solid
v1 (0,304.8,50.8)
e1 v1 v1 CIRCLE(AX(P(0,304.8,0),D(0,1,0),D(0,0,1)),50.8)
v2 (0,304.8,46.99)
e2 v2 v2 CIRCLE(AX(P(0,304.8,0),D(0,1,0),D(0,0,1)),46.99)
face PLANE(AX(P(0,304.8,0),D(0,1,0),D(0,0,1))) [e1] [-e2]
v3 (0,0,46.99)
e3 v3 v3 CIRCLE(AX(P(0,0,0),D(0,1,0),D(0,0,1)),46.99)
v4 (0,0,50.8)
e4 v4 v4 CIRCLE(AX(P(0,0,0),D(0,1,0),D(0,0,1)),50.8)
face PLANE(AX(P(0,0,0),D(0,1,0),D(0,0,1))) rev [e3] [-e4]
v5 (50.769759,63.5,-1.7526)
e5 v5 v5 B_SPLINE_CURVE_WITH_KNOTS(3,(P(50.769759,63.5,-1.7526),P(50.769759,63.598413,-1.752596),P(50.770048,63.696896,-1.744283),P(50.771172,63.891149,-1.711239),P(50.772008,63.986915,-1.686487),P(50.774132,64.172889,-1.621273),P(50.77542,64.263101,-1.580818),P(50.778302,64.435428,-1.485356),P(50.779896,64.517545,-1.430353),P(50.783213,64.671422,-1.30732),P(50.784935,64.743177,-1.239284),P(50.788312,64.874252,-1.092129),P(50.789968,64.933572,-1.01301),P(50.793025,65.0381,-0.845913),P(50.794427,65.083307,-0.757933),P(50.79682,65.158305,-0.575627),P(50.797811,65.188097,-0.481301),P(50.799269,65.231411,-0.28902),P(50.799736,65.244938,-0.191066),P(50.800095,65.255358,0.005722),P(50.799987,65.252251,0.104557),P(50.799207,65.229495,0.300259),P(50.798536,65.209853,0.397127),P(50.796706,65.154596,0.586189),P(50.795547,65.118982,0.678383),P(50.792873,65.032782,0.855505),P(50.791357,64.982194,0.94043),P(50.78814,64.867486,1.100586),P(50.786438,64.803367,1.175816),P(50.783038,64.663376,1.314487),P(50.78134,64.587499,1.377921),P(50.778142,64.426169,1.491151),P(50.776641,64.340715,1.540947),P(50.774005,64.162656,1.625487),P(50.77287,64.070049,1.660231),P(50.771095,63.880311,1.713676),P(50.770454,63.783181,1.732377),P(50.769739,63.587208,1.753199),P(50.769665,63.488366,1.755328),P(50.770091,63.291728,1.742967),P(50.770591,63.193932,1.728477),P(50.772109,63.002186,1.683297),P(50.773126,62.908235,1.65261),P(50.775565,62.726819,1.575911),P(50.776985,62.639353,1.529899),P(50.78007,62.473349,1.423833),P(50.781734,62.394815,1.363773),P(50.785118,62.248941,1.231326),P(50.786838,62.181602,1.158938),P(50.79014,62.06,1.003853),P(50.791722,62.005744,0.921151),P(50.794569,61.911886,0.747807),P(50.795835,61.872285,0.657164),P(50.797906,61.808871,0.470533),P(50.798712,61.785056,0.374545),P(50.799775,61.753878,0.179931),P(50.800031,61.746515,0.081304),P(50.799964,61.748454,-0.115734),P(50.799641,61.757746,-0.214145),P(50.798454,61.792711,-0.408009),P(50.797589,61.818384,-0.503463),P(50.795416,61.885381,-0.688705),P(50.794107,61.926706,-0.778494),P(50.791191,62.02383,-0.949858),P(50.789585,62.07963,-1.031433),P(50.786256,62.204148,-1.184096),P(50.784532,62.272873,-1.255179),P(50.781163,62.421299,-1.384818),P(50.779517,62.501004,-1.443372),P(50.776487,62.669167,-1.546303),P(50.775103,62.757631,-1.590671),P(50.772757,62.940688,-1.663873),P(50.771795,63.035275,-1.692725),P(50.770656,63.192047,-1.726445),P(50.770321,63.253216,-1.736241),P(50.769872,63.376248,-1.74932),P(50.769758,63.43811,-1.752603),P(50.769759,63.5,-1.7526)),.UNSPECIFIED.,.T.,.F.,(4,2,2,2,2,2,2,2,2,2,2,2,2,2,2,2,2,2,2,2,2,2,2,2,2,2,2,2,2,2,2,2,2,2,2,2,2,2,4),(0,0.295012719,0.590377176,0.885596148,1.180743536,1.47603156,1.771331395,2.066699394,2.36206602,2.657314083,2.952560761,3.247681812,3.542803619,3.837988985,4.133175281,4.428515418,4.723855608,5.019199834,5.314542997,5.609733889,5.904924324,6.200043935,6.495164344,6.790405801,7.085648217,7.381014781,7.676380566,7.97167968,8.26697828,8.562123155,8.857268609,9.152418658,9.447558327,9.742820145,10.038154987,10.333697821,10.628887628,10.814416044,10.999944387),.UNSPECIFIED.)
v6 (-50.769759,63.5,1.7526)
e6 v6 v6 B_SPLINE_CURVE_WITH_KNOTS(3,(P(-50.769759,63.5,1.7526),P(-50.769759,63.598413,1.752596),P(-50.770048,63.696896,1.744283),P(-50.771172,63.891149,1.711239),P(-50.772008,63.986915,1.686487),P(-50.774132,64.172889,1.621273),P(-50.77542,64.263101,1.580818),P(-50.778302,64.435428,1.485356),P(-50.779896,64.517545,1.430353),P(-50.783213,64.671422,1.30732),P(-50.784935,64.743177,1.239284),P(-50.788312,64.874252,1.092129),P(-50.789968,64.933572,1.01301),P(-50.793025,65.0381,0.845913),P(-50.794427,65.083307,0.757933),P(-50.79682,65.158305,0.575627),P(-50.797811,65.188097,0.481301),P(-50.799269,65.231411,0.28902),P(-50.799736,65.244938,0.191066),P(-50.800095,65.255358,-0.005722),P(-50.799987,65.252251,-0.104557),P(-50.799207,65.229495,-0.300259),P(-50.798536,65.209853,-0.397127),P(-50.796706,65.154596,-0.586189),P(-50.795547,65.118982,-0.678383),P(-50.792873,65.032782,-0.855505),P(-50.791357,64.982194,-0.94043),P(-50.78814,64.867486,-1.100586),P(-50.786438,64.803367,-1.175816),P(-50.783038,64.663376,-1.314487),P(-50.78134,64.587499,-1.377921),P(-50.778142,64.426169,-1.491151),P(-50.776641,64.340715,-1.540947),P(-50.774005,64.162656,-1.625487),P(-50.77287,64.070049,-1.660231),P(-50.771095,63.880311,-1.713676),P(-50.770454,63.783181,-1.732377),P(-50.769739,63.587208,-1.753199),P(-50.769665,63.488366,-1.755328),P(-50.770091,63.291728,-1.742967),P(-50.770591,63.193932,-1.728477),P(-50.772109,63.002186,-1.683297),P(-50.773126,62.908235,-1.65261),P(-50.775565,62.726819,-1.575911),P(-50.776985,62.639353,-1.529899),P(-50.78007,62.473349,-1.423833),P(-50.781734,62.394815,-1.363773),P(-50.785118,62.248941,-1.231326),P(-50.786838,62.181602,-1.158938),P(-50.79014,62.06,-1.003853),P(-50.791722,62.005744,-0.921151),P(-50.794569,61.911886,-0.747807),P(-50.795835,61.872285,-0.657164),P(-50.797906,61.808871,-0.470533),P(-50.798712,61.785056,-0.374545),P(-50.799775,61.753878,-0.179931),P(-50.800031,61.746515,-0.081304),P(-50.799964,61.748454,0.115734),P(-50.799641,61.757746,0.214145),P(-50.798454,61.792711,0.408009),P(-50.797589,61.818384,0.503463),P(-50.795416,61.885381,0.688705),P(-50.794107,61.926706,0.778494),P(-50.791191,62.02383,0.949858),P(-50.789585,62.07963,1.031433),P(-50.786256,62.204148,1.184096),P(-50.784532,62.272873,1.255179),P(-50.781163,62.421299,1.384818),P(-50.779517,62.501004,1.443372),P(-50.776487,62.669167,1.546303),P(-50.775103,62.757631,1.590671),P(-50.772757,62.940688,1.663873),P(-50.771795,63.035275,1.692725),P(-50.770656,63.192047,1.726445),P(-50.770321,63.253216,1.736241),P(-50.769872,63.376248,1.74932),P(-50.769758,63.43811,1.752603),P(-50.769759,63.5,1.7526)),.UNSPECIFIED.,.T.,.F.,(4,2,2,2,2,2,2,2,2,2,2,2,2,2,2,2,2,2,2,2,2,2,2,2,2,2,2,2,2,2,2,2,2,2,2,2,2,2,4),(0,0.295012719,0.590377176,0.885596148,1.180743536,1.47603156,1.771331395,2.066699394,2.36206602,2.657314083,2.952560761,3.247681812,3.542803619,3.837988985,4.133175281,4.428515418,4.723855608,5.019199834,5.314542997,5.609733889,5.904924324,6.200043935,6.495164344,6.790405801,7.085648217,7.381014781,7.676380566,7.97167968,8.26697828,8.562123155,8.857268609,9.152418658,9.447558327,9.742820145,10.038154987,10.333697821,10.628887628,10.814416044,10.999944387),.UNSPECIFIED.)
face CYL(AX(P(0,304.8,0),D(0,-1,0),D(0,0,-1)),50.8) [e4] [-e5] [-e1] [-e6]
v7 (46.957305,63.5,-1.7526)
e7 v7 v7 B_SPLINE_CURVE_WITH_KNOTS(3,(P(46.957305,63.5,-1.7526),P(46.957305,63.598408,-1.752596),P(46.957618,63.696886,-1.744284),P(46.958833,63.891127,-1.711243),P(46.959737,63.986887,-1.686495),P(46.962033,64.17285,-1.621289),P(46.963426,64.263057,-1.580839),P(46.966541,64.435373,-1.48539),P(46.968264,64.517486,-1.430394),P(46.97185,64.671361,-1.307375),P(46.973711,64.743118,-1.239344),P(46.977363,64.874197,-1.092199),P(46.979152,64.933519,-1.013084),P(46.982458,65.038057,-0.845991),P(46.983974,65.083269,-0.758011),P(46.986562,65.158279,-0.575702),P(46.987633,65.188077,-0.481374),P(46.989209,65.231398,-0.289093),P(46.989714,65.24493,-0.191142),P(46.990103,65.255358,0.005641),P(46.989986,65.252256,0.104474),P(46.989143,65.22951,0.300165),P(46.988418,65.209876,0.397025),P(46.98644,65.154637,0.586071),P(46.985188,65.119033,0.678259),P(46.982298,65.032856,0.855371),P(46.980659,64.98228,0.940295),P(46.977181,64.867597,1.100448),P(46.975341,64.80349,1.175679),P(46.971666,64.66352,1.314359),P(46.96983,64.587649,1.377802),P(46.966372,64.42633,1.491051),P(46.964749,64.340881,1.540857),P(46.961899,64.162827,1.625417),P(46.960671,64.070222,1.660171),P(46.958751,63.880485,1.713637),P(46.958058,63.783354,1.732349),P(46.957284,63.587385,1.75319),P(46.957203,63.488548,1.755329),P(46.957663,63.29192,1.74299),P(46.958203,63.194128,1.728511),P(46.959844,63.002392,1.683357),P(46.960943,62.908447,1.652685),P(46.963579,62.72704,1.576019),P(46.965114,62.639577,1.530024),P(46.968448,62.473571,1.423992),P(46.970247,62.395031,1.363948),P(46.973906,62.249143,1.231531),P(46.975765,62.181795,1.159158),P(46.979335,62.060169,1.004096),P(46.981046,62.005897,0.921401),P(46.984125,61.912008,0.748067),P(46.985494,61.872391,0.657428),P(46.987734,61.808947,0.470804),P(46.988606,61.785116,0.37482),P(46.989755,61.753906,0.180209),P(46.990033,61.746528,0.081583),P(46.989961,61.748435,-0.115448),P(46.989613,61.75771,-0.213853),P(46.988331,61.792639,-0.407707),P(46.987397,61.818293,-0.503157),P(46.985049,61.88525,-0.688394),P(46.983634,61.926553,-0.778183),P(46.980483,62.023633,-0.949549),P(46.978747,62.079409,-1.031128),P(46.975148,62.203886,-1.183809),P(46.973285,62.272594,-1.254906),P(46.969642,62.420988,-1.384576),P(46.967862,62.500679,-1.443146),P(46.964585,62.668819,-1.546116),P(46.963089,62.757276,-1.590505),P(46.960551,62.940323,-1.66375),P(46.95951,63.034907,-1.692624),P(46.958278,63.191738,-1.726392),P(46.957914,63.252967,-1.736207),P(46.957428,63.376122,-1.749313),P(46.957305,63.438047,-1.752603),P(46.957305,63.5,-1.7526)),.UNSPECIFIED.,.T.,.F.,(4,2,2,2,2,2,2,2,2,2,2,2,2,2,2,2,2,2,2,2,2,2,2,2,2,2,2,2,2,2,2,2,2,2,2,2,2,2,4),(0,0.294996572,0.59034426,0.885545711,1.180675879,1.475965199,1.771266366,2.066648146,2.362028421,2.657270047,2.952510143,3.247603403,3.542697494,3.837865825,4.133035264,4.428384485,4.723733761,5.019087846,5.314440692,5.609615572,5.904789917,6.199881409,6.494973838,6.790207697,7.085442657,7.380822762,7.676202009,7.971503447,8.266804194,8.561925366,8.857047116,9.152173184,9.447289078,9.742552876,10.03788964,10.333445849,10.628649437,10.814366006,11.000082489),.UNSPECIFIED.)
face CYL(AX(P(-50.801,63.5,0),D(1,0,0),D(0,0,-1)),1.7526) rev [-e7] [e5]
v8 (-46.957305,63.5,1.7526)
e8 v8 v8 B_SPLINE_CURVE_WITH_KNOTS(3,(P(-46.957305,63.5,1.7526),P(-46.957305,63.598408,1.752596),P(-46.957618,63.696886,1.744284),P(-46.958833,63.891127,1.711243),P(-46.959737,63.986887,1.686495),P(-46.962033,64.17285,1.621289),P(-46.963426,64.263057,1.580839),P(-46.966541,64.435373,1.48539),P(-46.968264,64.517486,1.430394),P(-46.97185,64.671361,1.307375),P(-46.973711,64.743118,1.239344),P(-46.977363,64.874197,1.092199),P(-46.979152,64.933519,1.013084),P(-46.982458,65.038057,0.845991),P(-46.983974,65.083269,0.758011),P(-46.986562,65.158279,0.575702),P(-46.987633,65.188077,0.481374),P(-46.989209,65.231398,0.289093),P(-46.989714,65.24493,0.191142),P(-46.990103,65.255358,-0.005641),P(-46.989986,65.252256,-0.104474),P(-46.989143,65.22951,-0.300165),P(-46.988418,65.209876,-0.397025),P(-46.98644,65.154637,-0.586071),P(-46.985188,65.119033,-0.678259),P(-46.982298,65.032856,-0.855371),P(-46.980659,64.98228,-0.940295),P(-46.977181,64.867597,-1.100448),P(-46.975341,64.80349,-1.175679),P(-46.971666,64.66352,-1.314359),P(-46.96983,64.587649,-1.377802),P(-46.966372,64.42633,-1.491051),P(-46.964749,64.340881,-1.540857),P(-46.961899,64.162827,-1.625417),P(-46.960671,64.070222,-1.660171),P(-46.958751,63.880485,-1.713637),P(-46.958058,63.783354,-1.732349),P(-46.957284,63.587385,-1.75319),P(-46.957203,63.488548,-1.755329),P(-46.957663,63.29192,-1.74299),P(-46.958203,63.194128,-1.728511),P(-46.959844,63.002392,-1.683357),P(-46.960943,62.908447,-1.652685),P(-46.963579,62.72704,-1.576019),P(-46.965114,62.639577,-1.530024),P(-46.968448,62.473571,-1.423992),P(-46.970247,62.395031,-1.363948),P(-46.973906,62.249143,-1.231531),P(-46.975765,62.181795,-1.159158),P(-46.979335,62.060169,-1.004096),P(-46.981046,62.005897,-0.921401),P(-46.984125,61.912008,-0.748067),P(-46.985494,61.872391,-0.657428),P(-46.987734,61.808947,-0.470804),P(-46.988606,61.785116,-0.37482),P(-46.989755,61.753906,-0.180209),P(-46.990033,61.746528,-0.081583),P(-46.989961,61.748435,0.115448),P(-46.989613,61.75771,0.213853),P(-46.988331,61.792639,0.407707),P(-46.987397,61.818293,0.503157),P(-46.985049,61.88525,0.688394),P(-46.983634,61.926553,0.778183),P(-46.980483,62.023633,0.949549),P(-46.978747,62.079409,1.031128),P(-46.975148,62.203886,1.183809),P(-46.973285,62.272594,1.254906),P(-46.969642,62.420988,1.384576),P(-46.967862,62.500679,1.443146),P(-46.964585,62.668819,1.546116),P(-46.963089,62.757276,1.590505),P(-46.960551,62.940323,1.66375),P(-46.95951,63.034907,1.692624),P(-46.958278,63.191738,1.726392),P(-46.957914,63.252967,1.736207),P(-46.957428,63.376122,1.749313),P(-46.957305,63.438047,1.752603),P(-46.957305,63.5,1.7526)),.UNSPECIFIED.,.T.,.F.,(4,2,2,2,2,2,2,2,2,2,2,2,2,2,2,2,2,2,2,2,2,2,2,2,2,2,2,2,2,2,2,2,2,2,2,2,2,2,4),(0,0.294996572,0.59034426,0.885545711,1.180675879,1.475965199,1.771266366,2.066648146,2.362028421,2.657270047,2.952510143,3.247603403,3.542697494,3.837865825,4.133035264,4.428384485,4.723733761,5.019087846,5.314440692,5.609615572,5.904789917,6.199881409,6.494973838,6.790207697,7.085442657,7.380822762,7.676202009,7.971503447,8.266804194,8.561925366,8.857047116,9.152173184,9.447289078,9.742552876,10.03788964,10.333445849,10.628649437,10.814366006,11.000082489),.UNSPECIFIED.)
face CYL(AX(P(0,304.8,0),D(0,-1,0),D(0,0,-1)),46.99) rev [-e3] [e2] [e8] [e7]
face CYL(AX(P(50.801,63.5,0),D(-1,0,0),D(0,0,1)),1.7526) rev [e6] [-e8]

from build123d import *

# Parameters (mm, degrees)
SKETCH1_R               = 50.8
SKETCH1_R_2             = 46.99
BOSS_EXTRUDE1_DEPTH     = 304.8
CUT_EXTRUDE1_REACH      = 327.279
CUT_EXTRUDE1_END_RADIUS = 46.99
SKETCH2_R               = 1.7526
CIRPATTERN1_COUNT       = 2


with BuildPart() as part:
    # Sketch1 → Boss-Extrude1 (new body)
    with BuildSketch(Plane(origin=(0, 0, 0), x_dir=(1, 0, 0), z_dir=(0, 1, 0))):
        with Locations(Location((0, 0, 0), (0, 0, 90))):
            Circle(SKETCH1_R)
        with Locations(Location((0, 0, 0), (0, 0, 90))):
            Circle(SKETCH1_R_2, mode=Mode.SUBTRACT)
    extrude(amount=BOSS_EXTRUDE1_DEPTH)

    # Cut-Extrude1: up to this cylinder (the profile starts outside it)
    cut_extrude1_end = Plane(origin=(0, 63.5, 0), z_dir=(0, -1, 0)) * Cylinder(CUT_EXTRUDE1_END_RADIUS, 749.538, mode=Mode.PRIVATE)
    # Sketch2 → Cut-Extrude1 (cut, up to the surface)
    with BuildSketch(Plane(origin=(50.8, 0, 0), x_dir=(0, 0, -1), z_dir=(1, 0, 0)), mode=Mode.PRIVATE) as cut_extrude1_sk1:
        with Locations((0, 63.5)):
            Circle(SKETCH2_R)
    cut_extrude1_tool1 = extrude(cut_extrude1_sk1.sketch, amount=-CUT_EXTRUDE1_REACH, mode=Mode.PRIVATE) - cut_extrude1_end
    cut_extrude1 = cut_extrude1_tool1.solids().sort_by_distance((50.8, 63.5, 0))[0]
    add(cut_extrude1, mode=Mode.SUBTRACT)

    # CirPattern1: Cut-Extrude1 ×2 about axis
    cirpattern1_axis = Axis((0, 0, 0), (0, 1, 0))
    for i in range(1, CIRPATTERN1_COUNT):
        add(cut_extrude1.rotate(cirpattern1_axis, i * 360 / CIRPATTERN1_COUNT), mode=Mode.SUBTRACT)


solid = part.part
